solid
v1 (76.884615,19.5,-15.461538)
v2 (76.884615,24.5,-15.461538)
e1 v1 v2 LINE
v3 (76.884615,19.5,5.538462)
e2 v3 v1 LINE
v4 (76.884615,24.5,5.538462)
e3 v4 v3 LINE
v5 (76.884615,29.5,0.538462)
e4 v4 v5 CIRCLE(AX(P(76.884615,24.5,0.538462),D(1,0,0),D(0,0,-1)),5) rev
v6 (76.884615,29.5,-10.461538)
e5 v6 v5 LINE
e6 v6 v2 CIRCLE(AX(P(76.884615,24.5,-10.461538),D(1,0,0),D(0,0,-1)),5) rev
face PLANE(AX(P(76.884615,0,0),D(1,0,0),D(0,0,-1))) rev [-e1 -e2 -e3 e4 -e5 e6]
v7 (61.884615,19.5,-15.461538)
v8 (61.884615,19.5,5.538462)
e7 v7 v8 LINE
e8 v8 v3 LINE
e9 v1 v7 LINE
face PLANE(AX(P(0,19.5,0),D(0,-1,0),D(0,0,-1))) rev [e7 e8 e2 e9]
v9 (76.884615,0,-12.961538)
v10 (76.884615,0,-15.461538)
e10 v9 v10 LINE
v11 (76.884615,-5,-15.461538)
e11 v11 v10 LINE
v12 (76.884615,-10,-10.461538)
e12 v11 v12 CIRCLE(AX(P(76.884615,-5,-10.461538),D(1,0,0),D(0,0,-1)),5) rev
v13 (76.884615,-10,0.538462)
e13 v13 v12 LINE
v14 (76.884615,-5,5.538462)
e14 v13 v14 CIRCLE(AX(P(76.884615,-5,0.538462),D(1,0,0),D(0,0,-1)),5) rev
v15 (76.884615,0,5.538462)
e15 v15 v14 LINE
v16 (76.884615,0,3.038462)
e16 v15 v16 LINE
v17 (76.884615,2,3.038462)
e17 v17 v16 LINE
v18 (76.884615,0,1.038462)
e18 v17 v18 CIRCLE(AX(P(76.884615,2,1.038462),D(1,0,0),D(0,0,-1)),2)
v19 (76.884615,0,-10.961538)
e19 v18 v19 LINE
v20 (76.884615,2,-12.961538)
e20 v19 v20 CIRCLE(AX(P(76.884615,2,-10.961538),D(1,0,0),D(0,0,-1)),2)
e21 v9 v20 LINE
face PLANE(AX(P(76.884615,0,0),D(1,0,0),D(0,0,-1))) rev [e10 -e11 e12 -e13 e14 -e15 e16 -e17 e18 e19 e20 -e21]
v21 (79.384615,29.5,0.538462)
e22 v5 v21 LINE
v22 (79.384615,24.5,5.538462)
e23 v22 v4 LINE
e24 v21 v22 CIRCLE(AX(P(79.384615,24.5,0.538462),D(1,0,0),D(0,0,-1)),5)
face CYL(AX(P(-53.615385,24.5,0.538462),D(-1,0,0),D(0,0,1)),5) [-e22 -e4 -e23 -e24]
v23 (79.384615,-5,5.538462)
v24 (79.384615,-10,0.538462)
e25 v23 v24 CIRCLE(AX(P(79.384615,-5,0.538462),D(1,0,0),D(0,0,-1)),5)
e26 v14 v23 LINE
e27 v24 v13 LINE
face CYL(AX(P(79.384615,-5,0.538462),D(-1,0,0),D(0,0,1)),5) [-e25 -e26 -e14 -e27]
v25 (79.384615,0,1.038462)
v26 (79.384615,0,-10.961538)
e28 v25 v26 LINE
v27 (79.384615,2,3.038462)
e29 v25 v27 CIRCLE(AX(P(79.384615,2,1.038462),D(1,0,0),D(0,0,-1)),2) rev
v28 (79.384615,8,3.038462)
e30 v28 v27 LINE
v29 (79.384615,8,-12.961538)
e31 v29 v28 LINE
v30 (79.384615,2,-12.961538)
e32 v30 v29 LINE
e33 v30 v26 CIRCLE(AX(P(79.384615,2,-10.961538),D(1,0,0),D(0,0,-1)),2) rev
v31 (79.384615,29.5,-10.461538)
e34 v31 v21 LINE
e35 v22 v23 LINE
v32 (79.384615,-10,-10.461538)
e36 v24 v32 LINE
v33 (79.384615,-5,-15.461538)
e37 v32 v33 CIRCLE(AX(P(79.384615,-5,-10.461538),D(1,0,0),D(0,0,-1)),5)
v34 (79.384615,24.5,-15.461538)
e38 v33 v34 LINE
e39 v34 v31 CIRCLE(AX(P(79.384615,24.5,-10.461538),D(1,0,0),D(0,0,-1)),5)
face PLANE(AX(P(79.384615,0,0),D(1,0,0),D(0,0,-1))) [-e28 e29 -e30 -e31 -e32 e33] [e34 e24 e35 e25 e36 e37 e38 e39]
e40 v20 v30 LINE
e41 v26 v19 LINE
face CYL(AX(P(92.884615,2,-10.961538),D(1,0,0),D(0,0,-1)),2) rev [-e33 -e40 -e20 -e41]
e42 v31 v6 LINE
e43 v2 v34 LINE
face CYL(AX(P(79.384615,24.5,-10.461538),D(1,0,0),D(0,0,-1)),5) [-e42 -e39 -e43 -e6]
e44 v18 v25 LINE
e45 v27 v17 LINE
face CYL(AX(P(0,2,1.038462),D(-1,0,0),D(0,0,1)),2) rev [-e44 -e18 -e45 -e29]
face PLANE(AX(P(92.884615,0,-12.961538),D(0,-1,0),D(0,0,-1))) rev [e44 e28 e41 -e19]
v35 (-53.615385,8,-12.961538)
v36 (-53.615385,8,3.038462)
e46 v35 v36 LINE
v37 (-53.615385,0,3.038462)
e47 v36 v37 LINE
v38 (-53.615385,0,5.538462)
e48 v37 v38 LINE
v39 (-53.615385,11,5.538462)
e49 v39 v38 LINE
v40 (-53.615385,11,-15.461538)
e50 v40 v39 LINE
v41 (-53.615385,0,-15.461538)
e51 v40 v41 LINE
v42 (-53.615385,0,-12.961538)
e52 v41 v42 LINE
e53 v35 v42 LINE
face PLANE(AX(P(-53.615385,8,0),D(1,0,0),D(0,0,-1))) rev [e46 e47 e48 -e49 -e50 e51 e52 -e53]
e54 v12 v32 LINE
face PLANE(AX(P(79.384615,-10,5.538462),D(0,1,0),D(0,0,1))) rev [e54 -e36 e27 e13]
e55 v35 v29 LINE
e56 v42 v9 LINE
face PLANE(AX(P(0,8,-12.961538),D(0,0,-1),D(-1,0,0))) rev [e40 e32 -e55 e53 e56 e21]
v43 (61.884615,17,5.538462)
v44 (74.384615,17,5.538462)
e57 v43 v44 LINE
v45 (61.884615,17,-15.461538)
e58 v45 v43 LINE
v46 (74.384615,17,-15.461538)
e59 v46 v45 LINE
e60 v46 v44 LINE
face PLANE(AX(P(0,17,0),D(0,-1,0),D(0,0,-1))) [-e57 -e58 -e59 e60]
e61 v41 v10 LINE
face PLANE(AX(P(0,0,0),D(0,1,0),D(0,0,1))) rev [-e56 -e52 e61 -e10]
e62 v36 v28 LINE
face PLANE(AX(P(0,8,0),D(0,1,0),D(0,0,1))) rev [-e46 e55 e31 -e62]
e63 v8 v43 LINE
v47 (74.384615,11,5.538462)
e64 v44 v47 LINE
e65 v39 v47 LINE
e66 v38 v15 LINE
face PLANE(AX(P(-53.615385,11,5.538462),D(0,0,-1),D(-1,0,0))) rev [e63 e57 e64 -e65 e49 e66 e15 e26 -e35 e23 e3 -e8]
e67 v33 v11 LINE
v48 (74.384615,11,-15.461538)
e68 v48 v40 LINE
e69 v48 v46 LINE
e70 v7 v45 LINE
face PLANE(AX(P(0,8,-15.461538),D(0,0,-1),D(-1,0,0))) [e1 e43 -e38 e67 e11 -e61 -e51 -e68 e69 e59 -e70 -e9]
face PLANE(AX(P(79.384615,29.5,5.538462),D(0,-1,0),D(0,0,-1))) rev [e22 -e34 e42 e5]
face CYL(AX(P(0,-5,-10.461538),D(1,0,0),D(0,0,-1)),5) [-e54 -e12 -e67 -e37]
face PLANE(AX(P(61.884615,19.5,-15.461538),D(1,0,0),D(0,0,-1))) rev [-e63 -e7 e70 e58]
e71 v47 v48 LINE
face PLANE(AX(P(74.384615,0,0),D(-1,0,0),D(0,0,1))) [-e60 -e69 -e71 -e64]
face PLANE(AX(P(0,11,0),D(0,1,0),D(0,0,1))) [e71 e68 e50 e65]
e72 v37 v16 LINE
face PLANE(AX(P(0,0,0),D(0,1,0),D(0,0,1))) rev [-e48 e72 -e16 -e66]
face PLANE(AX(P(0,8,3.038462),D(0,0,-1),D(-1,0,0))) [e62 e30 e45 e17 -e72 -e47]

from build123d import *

# Parameters (mm, degrees)
SKETCH1_W             = 128
SKETCH1_H             = 2.5
BOSS_EXTRUDE1_DEPTH   = 8
BOSS_EXTRUDE1_2_DEPTH = 8
SKETCH2_W             = 128
SKETCH2_H             = 21
BOSS_EXTRUDE2_DEPTH   = 3
SKETCH3_W             = 21
SKETCH3_H             = 17
BOSS_EXTRUDE3_DEPTH   = 2.5
SKETCH4_W             = 15
SKETCH4_H             = 21
BOSS_EXTRUDE4_DEPTH   = 2.5
SKETCH5_W             = 21
SKETCH5_H             = 39.5
BOSS_EXTRUDE5_DEPTH   = 2.5
FILLET1_R             = 5
SKETCH6_W             = 16
SKETCH6_H             = 8
CUT_EXTRUDE1_DEPTH    = 18.5
FILLET2_R             = 2


with BuildPart() as part:
    # Sketch1 → Boss-Extrude1 (new body)
    with BuildSketch(Plane(origin=(0, 0, 0), x_dir=(1, 0, 0), z_dir=(0, 1, 0))):
        with Locations((10.384615385, 14.211538462)):
            Rectangle(SKETCH1_W, SKETCH1_H)
    extrude(amount=BOSS_EXTRUDE1_DEPTH)



with BuildPart() as body_2:
    # Sketch1 → Boss-Extrude1 2 (new body)
    with BuildSketch(Plane(origin=(0, 0, 0), x_dir=(1, 0, 0), z_dir=(0, 1, 0))):
        with Locations((10.384615385, -4.288461538)):
            Rectangle(SKETCH1_W, SKETCH1_H)
    extrude(amount=BOSS_EXTRUDE1_2_DEPTH)


with BuildPart() as part_1:
    add(part.part)

    add(body_2.part)  # Boss-Extrude2 merges body 2
    # Sketch2 → Boss-Extrude2 (add)
    with BuildSketch(Plane(origin=(0, 8, 0), x_dir=(1, 0, 0), z_dir=(0, 1, 0))):
        with Locations((10.384615385, 4.961538462)):
            Rectangle(SKETCH2_W, SKETCH2_H)
    extrude(amount=BOSS_EXTRUDE2_DEPTH)

    # Sketch3 → Boss-Extrude3 (add)
    with BuildSketch(Plane(origin=(74.384615385, 0, 0), x_dir=(0, 0, -1), z_dir=(1, 0, 0))):
        with Locations((4.961538462, 8.5)):
            Rectangle(SKETCH3_W, SKETCH3_H)
    extrude(amount=BOSS_EXTRUDE3_DEPTH)

    # Sketch4 → Boss-Extrude4 (add)
    with BuildSketch(Plane(origin=(0, 17, 0), x_dir=(1, 0, 0), z_dir=(0, 1, 0))):
        with Locations((69.384615385, 4.961538462)):
            Rectangle(SKETCH4_W, SKETCH4_H)
    extrude(amount=BOSS_EXTRUDE4_DEPTH)

    # Sketch5 → Boss-Extrude5 (add)
    with BuildSketch(Plane(origin=(76.884615385, 0, 0), x_dir=(0, 0, -1), z_dir=(1, 0, 0))):
        with Locations((4.961538462, 9.75)):
            Rectangle(SKETCH5_W, SKETCH5_H)
    extrude(amount=BOSS_EXTRUDE5_DEPTH)

    # Fillet1
    fillet1_edges = [part_1.edges().sort_by_distance(p)[0] for p in [
        (78.134615385, 29.5, 5.538461538),
        (78.134615385, -10, 5.538461538),
        (78.134615385, -10, -15.461538462),
        (78.134615385, 29.5, -15.461538462),
    ]]
    fillet(fillet1_edges, radius=FILLET1_R)

    # Sketch6 → Cut-Extrude1 (cut)
    with BuildSketch(Plane.ZY.offset(-74.384615385)):
        with Locations((-4.961538462, 4)):
            Rectangle(SKETCH6_W, SKETCH6_H)
    extrude(amount=-CUT_EXTRUDE1_DEPTH, mode=Mode.SUBTRACT)

    # Fillet2
    fillet2_edges = [part_1.edges().sort_by_distance(p)[0] for p in [
        (78.134615385, 0, 3.038461538),
        (78.134615385, 0, -12.961538462),
    ]]
    fillet(fillet2_edges, radius=FILLET2_R)


solid = part_1.part
